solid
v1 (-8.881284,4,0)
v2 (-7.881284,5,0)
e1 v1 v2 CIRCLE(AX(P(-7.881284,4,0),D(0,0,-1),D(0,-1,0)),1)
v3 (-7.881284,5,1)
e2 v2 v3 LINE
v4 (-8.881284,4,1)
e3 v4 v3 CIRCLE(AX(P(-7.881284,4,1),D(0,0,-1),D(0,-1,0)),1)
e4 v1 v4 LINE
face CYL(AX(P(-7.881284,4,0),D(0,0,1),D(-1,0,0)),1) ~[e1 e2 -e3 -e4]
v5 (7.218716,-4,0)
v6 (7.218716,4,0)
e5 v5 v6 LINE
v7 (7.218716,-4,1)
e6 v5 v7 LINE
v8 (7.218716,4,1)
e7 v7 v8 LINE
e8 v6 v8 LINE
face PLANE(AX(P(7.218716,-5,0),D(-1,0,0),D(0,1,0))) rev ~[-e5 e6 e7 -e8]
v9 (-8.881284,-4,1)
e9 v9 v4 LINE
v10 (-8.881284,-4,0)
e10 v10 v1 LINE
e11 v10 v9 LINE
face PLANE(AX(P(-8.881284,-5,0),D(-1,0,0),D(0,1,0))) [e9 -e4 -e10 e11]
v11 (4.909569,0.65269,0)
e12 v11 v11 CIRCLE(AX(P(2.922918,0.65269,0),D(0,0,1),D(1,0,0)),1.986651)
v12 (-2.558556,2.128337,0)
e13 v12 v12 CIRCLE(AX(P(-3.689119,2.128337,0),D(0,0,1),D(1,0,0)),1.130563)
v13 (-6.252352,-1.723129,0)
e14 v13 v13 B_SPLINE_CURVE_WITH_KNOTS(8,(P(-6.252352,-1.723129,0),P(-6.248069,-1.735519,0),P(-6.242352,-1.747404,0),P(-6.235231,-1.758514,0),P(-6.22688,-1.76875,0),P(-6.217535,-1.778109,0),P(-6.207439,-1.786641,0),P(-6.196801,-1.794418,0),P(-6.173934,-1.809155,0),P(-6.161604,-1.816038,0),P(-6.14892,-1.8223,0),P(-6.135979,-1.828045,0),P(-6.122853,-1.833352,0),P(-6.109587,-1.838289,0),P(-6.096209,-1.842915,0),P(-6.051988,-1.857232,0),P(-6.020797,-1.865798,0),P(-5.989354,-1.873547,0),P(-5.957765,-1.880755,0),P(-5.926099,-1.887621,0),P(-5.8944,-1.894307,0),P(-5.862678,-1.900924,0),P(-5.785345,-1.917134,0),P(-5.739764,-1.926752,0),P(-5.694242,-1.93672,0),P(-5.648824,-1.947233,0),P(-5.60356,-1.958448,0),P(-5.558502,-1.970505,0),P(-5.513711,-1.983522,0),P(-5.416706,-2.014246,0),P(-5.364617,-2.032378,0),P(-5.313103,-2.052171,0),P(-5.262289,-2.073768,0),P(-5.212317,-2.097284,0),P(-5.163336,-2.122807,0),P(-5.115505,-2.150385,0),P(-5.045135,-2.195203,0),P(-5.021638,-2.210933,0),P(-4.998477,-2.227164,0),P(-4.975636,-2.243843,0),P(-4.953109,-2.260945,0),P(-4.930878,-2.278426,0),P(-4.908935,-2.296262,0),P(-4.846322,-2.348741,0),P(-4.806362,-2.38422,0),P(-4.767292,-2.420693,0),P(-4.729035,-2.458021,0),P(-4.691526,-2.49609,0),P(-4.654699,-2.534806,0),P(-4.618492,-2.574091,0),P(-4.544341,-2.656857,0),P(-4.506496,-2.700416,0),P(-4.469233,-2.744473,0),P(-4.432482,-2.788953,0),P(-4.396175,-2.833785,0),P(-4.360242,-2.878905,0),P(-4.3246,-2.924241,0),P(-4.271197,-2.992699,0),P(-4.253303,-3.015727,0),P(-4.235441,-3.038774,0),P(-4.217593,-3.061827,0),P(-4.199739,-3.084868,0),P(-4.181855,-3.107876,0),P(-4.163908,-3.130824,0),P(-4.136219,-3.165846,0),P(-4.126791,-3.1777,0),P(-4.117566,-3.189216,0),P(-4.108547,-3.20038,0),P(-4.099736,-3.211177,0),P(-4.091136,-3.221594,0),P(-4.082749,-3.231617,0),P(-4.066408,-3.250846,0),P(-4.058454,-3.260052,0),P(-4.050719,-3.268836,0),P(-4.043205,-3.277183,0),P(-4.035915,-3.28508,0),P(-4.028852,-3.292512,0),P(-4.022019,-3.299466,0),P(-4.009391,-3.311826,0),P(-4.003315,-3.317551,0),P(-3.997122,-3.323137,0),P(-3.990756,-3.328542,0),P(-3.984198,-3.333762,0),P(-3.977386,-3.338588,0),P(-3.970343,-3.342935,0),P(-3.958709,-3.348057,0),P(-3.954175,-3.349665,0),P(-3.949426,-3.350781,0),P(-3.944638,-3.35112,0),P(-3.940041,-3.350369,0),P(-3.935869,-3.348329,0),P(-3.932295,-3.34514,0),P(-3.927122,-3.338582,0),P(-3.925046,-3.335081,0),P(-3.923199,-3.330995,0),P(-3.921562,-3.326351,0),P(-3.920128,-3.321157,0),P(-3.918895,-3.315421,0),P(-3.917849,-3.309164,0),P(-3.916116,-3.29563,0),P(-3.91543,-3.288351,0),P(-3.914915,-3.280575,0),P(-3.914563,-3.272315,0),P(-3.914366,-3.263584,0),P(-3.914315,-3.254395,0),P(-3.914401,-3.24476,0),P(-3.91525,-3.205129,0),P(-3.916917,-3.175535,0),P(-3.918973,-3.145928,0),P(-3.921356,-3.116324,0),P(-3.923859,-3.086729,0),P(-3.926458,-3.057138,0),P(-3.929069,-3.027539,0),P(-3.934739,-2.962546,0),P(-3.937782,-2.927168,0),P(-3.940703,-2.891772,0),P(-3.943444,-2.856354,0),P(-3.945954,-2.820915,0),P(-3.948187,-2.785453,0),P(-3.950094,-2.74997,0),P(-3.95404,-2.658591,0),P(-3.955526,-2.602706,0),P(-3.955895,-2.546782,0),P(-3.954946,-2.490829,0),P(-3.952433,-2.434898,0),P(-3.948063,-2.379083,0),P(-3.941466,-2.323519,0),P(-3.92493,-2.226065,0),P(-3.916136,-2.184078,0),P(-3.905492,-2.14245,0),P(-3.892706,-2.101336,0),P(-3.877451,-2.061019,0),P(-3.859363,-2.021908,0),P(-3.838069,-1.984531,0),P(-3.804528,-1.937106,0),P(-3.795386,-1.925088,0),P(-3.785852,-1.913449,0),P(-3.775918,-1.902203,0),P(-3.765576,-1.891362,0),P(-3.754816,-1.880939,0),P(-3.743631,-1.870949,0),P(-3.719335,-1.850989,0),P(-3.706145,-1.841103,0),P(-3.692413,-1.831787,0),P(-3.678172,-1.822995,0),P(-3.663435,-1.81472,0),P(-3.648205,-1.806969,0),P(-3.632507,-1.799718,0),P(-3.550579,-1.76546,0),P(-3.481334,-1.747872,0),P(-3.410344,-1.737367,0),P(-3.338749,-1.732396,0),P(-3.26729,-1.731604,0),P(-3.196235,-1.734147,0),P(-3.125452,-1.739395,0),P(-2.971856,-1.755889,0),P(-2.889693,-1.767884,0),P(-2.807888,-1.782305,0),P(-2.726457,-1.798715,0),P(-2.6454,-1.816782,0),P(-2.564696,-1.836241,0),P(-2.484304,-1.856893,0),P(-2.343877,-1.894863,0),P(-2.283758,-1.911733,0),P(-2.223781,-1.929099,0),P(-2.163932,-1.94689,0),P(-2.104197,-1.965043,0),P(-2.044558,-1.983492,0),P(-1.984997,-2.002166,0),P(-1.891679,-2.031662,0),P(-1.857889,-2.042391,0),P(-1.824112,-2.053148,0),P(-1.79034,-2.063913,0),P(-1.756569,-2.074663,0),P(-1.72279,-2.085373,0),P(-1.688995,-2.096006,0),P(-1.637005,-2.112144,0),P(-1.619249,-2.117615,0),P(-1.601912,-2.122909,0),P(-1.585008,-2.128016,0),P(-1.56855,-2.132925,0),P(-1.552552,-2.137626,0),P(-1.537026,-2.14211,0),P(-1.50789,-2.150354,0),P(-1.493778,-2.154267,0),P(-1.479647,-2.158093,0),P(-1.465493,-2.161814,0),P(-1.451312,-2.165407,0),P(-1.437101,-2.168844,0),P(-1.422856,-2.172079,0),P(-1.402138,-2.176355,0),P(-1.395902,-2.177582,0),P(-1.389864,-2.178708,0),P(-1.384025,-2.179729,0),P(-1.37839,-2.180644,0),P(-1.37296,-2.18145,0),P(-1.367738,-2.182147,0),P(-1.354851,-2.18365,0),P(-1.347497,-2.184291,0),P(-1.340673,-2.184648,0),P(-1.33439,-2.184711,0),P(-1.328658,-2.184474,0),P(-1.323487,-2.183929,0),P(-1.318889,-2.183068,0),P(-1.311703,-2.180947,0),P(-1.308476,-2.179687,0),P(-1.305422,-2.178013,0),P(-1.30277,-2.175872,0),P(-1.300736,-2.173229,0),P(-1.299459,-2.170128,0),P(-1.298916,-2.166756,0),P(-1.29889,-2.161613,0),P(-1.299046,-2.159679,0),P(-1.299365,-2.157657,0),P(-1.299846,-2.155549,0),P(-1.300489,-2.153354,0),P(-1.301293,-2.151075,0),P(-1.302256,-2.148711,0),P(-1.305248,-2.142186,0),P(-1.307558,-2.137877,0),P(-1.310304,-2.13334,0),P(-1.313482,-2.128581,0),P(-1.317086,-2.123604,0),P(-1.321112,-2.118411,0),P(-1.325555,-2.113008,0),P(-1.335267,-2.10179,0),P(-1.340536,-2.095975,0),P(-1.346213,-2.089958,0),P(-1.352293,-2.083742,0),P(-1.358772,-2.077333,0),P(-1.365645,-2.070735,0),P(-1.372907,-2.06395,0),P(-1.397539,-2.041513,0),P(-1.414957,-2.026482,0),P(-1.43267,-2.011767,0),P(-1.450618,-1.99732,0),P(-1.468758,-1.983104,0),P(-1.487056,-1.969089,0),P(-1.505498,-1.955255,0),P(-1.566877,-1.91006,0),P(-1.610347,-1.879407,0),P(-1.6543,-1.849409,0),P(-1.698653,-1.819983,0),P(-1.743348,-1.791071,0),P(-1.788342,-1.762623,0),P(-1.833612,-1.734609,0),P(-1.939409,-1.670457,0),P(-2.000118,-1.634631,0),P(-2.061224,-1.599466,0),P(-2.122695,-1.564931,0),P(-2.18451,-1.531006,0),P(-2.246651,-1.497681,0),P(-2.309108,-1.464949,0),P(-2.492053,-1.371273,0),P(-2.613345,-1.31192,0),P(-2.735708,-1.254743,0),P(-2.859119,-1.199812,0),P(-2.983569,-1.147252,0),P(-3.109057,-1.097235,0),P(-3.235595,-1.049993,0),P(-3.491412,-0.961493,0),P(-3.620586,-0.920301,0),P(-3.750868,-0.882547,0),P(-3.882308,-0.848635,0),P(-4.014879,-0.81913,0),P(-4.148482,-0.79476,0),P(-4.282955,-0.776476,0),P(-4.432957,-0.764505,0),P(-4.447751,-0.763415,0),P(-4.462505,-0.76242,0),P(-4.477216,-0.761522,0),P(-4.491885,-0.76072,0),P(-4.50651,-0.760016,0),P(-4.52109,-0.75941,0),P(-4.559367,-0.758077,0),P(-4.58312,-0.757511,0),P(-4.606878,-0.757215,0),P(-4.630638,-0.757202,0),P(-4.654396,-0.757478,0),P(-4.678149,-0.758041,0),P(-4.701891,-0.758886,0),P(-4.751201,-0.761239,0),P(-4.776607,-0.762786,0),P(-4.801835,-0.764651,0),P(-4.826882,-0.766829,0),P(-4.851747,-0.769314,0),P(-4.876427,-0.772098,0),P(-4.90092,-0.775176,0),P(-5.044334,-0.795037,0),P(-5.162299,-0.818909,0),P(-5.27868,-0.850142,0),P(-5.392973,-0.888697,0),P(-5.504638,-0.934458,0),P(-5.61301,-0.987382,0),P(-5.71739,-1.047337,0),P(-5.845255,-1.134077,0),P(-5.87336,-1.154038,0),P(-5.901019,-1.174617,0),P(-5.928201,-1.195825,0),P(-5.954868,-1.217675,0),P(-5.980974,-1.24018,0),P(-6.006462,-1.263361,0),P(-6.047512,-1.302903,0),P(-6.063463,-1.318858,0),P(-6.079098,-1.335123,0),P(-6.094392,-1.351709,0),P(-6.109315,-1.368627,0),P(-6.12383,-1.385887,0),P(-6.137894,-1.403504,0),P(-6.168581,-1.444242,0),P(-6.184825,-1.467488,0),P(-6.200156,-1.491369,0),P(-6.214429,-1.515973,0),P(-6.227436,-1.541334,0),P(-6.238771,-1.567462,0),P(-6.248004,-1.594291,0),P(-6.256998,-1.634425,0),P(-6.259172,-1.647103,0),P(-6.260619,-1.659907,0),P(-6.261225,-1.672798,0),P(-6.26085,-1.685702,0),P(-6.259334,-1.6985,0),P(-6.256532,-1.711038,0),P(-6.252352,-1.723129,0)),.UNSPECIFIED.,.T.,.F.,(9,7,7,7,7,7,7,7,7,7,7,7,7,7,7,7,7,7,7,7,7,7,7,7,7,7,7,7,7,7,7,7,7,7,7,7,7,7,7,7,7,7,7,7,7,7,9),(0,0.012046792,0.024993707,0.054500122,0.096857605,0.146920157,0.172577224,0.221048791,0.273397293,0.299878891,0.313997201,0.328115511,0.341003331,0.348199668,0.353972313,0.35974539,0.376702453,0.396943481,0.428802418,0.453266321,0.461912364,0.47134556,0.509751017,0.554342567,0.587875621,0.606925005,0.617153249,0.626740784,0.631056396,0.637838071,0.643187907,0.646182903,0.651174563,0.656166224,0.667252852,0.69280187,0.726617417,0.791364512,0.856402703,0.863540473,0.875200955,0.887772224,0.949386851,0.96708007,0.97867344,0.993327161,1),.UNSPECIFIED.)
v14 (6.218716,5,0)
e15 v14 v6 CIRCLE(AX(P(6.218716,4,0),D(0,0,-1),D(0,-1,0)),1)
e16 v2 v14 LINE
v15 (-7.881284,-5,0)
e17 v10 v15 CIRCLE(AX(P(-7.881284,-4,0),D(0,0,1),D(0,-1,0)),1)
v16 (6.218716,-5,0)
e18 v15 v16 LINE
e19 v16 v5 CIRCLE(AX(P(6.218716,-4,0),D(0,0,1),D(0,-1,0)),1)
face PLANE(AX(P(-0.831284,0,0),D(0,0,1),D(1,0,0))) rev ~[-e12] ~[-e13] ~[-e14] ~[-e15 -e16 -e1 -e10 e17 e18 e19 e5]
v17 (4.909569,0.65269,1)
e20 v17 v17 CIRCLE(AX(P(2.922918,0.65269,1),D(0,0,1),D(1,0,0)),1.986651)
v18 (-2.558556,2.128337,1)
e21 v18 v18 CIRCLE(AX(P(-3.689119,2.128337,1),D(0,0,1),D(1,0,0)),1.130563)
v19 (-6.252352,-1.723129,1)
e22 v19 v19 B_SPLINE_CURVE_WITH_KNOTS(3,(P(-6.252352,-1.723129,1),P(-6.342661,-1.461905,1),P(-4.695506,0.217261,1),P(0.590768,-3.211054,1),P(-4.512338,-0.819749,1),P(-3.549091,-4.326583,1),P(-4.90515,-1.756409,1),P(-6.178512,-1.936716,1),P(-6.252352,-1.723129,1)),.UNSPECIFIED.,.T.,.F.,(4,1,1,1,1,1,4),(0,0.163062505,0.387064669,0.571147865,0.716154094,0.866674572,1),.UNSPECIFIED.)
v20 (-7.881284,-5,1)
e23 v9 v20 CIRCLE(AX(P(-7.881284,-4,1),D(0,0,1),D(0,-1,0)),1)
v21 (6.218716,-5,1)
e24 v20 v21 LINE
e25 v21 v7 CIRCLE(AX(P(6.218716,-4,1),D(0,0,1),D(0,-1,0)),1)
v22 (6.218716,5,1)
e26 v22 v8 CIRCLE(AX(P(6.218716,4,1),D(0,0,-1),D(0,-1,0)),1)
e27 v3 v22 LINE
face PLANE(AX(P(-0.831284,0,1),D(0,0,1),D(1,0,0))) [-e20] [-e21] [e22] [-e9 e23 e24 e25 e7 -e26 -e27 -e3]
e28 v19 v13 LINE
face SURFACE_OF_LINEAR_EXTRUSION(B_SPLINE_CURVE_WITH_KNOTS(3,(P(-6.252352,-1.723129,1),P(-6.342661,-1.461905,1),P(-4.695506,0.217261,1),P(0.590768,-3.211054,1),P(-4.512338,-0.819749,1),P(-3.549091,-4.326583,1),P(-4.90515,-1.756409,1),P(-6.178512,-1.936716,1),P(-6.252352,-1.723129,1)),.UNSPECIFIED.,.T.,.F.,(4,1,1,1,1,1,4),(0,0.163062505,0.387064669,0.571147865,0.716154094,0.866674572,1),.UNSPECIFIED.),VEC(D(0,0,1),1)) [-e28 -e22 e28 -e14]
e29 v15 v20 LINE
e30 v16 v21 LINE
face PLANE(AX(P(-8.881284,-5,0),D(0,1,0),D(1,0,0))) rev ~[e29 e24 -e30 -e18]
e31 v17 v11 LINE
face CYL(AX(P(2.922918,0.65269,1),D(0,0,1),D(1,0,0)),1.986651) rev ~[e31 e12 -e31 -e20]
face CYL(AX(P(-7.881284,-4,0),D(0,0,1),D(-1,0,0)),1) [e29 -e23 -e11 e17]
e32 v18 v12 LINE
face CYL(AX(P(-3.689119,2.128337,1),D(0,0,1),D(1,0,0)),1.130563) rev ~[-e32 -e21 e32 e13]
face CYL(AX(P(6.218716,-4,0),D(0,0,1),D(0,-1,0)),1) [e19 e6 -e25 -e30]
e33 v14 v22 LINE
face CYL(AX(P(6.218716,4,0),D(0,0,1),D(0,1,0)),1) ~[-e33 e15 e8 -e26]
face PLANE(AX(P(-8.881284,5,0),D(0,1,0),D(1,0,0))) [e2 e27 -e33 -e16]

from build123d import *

# Parameters (mm, degrees)
F0_W     = 16.1
F0_H     = 10
F1_DEPTH = 1
F2_R     = 1.1305631426
F2_R_2   = 1.9866513714
F3_DEPTH = 25
F4_R     = 1


with BuildPart() as f1:
    # F0 (on Top) → F1 (new body)
    with BuildSketch(Plane.XY):
        with Locations((-0.8312835707, 0)):
            Rectangle(F0_W, F0_H)
    extrude(amount=F1_DEPTH)

    # F2 (on face) → F3 (cut)
    with BuildSketch(Plane.XY.offset(1)):
        with Locations((-3.6891188938, 2.1283372771)):
            Circle(F2_R)
        with Locations((2.922917949, 0.6526896614)):
            Circle(F2_R_2)
        with BuildLine():
            add(Edge.make_bspline(
                [(-6.2523519843, -1.7231294755), (-6.3426610958, -1.4619046976), (-4.6955064271, 0.2172612121), (0.5907684178, -3.2110536183), (-4.5123377949, -0.819748707), (-3.5490910867, -4.3265825151), (-4.9051495206, -1.7564085326), (-6.1785121952, -1.9367157041), (-6.2523519843, -1.7231294755)],
                knots=[0, 0, 0, 0, 0.1630625048, 0.3870646688, 0.5711478646, 0.7161540937, 0.8666745716, 1, 1, 1, 1], degree=3))
        make_face()
    extrude(amount=-F3_DEPTH, mode=Mode.SUBTRACT)

    # F4
    f4_edges = [f1.edges().sort_by_distance(p)[0] for p in [
        (-8.881284, -5, 0.5),
        (-8.881284, 5, 0.5),
        (7.218716, 5, 0.5),
        (7.218716, -5, 0.5),
    ]]
    fillet(f4_edges, radius=F4_R)


solid = f1.part
